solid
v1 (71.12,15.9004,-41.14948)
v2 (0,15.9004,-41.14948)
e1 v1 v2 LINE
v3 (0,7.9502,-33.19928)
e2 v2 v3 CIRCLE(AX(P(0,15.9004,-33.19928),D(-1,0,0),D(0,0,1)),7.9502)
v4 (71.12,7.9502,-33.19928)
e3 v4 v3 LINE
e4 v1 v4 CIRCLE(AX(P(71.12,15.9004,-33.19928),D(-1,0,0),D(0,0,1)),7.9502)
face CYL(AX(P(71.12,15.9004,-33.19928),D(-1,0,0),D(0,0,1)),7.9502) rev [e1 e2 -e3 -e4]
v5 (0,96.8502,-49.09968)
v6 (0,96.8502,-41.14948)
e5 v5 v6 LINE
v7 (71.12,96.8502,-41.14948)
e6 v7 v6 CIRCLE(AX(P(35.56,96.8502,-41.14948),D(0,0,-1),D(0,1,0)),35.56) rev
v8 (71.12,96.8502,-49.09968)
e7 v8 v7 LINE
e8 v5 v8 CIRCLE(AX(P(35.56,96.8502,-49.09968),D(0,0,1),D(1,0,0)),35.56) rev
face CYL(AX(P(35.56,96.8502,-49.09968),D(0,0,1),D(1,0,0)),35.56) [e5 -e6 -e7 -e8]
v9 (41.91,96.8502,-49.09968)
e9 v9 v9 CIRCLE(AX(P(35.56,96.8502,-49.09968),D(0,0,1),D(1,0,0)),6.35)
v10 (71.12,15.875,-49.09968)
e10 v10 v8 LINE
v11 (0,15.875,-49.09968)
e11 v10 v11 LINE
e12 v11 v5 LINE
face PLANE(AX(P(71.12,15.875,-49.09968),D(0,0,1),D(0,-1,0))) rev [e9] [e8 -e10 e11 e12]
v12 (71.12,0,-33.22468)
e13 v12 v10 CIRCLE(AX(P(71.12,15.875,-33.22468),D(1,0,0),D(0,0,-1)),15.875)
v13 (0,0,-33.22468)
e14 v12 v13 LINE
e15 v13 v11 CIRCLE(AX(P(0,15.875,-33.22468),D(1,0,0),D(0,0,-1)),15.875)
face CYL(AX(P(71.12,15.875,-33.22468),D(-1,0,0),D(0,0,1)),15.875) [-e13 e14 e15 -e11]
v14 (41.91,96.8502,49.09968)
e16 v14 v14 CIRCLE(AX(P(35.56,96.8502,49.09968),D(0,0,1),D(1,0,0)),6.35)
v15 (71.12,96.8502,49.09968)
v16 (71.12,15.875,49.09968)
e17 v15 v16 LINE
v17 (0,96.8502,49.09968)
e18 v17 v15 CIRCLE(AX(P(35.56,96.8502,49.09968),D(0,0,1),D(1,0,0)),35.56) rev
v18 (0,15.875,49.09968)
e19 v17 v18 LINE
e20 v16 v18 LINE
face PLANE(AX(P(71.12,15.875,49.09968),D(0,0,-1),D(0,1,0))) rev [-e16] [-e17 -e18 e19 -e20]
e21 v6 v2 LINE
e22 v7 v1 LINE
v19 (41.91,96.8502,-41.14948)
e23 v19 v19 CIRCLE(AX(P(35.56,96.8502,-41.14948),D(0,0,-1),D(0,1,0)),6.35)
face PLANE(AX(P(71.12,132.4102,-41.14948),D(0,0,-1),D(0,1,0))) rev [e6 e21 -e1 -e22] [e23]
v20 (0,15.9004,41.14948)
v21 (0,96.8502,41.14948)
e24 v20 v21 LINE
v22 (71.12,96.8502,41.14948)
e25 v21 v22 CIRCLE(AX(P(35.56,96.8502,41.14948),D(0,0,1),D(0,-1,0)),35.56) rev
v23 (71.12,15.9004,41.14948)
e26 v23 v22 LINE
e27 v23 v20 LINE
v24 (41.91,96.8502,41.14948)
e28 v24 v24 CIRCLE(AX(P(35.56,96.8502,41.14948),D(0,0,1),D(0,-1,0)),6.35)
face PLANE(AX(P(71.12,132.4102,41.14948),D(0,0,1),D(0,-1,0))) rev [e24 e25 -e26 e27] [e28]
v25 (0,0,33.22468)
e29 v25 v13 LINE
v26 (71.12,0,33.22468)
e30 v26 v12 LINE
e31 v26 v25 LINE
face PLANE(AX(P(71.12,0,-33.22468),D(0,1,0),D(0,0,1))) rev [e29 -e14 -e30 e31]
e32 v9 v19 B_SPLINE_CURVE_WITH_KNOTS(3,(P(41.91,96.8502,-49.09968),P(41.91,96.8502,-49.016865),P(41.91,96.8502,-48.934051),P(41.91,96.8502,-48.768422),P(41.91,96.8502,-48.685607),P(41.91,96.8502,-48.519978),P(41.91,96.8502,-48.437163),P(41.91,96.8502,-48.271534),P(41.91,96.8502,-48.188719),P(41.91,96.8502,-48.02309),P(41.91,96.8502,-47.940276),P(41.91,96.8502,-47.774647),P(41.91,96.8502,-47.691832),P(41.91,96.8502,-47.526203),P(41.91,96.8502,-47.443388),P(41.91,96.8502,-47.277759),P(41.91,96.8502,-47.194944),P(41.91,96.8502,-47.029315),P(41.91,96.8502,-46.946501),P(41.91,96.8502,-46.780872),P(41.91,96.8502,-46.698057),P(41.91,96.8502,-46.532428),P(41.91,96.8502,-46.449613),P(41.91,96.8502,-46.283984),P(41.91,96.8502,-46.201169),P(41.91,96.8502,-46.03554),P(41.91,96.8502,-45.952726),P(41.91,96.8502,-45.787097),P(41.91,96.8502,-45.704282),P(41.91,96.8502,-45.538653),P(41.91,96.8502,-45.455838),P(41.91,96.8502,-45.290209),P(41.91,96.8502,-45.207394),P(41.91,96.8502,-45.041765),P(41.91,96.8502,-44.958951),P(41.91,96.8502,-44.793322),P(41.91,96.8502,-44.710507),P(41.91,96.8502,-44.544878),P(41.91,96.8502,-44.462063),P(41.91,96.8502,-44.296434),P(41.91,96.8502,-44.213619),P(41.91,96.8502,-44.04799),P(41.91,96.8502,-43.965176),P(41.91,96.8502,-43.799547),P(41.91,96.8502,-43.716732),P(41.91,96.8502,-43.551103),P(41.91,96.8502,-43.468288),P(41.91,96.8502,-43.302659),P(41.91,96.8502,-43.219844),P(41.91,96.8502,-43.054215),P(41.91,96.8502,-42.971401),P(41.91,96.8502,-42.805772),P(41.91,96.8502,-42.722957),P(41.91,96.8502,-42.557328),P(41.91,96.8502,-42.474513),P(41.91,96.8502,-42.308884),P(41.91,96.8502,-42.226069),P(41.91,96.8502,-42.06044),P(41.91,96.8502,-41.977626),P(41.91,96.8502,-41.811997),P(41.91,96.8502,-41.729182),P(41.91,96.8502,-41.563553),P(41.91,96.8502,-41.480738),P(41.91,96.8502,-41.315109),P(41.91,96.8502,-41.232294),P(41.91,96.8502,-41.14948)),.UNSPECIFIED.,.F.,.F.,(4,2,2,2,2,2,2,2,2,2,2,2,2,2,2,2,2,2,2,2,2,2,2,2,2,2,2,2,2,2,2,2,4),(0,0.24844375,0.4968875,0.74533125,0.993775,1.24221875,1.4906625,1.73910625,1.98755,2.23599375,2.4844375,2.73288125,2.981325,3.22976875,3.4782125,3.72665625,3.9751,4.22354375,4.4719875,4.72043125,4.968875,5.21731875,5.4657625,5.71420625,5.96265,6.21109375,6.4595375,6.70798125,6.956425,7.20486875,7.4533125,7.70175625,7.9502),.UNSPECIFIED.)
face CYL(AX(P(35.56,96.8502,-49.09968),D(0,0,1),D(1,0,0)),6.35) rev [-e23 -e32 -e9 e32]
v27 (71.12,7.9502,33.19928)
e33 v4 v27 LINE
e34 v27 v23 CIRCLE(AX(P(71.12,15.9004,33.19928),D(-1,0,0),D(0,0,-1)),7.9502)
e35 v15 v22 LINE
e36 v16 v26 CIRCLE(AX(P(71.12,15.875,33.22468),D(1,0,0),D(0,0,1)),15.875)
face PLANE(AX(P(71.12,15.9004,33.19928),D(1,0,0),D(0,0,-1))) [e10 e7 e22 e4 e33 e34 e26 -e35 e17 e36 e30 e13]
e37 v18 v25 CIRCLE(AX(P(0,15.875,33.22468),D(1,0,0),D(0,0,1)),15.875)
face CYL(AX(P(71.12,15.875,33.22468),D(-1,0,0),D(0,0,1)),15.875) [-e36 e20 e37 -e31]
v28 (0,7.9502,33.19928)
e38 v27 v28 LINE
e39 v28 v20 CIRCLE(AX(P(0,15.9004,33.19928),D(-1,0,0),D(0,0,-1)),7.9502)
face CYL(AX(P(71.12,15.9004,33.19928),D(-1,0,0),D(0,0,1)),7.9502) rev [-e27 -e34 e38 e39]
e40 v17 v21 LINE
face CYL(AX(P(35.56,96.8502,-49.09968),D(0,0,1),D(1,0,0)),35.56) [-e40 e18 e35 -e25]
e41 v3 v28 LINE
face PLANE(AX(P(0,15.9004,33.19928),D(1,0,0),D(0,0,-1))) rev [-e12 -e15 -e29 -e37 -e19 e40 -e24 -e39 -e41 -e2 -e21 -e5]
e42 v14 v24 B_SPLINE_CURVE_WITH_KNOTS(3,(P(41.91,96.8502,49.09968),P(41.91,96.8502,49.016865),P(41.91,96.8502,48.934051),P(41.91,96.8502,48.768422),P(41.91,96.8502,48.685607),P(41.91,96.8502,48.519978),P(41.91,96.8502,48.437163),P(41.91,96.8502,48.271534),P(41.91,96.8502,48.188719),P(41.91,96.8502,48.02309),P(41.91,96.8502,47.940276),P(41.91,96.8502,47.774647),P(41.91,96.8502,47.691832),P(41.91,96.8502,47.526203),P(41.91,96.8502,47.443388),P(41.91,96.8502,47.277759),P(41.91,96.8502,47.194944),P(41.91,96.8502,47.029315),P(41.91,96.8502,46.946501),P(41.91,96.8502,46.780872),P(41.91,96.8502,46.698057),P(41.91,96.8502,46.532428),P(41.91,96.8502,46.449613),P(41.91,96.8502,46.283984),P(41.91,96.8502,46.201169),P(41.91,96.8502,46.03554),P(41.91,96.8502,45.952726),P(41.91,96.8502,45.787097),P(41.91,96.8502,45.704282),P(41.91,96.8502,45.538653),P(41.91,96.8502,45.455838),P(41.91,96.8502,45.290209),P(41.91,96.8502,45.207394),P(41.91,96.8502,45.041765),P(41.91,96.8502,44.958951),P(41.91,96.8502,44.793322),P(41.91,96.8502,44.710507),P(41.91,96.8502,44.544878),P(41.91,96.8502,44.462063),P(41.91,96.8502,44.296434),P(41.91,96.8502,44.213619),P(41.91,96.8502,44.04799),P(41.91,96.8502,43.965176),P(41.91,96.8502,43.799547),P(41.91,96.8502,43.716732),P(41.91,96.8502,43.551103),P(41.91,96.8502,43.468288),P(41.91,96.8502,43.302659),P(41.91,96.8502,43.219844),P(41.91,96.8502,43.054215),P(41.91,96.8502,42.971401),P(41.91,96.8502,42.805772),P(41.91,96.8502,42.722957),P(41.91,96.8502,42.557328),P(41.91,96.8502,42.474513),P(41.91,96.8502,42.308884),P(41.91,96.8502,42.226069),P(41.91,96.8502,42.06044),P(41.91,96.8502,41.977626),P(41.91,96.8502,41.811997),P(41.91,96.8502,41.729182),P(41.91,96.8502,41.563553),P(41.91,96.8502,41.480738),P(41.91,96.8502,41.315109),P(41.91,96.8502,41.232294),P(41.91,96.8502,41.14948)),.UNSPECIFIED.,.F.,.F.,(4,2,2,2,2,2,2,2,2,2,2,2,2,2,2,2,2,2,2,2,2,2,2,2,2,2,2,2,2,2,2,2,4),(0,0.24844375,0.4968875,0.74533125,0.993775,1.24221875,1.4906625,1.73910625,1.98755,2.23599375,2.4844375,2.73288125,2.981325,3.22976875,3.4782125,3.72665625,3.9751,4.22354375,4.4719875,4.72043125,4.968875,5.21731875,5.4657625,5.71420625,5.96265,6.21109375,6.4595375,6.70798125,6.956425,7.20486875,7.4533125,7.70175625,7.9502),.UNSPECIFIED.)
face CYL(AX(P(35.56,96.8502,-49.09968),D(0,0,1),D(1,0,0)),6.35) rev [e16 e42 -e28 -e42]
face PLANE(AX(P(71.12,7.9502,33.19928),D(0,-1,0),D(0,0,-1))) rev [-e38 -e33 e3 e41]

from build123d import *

# Parameters (mm, degrees)
BOSS_EXTRUDE2_DEPTH = 71.12
CUT_EXTRUDE1_DEPTH  = 180.537265516
SKETCH6_3_R         = 6.35
CUT_EXTRUDE2_DEPTH  = 180.537265516


with BuildPart() as part:
    # Sketch1 → Boss-Extrude2 (new body)
    with BuildSketch(Plane(origin=(0, 0, 0), x_dir=(0, 0, -1), z_dir=(1, 0, 0))):
        with BuildLine():
            Line((33.224679849, 0), (-33.224679849, 0))
            ThreePointArc((-33.224679849, 0), (-44.45, 4.649679849), (-49.099679849, 15.875))
            Line((-49.099679849, 15.875), (-49.099679849, 132.4102))
            Line((-49.099679849, 132.4102), (-41.149479849, 132.4102))
            Line((-41.149479849, 132.4102), (-41.149479849, 15.9004))
            ThreePointArc((-41.149479849, 15.9004), (-38.82092018, 10.278759668), (-33.199279849, 7.9502))
            Line((-33.199279849, 7.9502), (33.199279849, 7.9502))
            ThreePointArc((33.199279849, 7.9502), (38.82092018, 10.278759668), (41.149479849, 15.9004))
            Line((41.149479849, 15.9004), (41.149479849, 132.4102))
            Line((41.149479849, 132.4102), (49.099679849, 132.4102))
            Line((49.099679849, 132.4102), (49.099679849, 15.875))
            ThreePointArc((49.099679849, 15.875), (44.45, 4.649679849), (33.224679849, 0))
        make_face()
    extrude(amount=BOSS_EXTRUDE2_DEPTH)

    # Sketch6 → Cut-Extrude1 (cut, through all)
    with BuildSketch(Plane.XY.offset(49.099679849)):
        with BuildLine():
            Line((71.12, 132.4102), (35.56, 132.4102))
            ThreePointArc((35.56, 132.4102), (60.704717139, 121.994917139), (71.12, 96.8502))
            Line((71.12, 96.8502), (71.12, 132.4102))
        make_face()
        with BuildLine():
            Line((0, 132.4102), (0, 96.8502))
            ThreePointArc((0, 96.8502), (10.415282861, 121.994917139), (35.56, 132.4102))
            Line((35.56, 132.4102), (0, 132.4102))
        make_face()
    extrude(amount=-CUT_EXTRUDE1_DEPTH, mode=Mode.SUBTRACT)

    # Sketch6_3 → Cut-Extrude2 (cut, through all)
    with BuildSketch(Plane.XY.offset(49.099679849)):
        with Locations((35.56, 96.8502)):
            Circle(SKETCH6_3_R)
    extrude(amount=-CUT_EXTRUDE2_DEPTH, mode=Mode.SUBTRACT)


solid = part.part
